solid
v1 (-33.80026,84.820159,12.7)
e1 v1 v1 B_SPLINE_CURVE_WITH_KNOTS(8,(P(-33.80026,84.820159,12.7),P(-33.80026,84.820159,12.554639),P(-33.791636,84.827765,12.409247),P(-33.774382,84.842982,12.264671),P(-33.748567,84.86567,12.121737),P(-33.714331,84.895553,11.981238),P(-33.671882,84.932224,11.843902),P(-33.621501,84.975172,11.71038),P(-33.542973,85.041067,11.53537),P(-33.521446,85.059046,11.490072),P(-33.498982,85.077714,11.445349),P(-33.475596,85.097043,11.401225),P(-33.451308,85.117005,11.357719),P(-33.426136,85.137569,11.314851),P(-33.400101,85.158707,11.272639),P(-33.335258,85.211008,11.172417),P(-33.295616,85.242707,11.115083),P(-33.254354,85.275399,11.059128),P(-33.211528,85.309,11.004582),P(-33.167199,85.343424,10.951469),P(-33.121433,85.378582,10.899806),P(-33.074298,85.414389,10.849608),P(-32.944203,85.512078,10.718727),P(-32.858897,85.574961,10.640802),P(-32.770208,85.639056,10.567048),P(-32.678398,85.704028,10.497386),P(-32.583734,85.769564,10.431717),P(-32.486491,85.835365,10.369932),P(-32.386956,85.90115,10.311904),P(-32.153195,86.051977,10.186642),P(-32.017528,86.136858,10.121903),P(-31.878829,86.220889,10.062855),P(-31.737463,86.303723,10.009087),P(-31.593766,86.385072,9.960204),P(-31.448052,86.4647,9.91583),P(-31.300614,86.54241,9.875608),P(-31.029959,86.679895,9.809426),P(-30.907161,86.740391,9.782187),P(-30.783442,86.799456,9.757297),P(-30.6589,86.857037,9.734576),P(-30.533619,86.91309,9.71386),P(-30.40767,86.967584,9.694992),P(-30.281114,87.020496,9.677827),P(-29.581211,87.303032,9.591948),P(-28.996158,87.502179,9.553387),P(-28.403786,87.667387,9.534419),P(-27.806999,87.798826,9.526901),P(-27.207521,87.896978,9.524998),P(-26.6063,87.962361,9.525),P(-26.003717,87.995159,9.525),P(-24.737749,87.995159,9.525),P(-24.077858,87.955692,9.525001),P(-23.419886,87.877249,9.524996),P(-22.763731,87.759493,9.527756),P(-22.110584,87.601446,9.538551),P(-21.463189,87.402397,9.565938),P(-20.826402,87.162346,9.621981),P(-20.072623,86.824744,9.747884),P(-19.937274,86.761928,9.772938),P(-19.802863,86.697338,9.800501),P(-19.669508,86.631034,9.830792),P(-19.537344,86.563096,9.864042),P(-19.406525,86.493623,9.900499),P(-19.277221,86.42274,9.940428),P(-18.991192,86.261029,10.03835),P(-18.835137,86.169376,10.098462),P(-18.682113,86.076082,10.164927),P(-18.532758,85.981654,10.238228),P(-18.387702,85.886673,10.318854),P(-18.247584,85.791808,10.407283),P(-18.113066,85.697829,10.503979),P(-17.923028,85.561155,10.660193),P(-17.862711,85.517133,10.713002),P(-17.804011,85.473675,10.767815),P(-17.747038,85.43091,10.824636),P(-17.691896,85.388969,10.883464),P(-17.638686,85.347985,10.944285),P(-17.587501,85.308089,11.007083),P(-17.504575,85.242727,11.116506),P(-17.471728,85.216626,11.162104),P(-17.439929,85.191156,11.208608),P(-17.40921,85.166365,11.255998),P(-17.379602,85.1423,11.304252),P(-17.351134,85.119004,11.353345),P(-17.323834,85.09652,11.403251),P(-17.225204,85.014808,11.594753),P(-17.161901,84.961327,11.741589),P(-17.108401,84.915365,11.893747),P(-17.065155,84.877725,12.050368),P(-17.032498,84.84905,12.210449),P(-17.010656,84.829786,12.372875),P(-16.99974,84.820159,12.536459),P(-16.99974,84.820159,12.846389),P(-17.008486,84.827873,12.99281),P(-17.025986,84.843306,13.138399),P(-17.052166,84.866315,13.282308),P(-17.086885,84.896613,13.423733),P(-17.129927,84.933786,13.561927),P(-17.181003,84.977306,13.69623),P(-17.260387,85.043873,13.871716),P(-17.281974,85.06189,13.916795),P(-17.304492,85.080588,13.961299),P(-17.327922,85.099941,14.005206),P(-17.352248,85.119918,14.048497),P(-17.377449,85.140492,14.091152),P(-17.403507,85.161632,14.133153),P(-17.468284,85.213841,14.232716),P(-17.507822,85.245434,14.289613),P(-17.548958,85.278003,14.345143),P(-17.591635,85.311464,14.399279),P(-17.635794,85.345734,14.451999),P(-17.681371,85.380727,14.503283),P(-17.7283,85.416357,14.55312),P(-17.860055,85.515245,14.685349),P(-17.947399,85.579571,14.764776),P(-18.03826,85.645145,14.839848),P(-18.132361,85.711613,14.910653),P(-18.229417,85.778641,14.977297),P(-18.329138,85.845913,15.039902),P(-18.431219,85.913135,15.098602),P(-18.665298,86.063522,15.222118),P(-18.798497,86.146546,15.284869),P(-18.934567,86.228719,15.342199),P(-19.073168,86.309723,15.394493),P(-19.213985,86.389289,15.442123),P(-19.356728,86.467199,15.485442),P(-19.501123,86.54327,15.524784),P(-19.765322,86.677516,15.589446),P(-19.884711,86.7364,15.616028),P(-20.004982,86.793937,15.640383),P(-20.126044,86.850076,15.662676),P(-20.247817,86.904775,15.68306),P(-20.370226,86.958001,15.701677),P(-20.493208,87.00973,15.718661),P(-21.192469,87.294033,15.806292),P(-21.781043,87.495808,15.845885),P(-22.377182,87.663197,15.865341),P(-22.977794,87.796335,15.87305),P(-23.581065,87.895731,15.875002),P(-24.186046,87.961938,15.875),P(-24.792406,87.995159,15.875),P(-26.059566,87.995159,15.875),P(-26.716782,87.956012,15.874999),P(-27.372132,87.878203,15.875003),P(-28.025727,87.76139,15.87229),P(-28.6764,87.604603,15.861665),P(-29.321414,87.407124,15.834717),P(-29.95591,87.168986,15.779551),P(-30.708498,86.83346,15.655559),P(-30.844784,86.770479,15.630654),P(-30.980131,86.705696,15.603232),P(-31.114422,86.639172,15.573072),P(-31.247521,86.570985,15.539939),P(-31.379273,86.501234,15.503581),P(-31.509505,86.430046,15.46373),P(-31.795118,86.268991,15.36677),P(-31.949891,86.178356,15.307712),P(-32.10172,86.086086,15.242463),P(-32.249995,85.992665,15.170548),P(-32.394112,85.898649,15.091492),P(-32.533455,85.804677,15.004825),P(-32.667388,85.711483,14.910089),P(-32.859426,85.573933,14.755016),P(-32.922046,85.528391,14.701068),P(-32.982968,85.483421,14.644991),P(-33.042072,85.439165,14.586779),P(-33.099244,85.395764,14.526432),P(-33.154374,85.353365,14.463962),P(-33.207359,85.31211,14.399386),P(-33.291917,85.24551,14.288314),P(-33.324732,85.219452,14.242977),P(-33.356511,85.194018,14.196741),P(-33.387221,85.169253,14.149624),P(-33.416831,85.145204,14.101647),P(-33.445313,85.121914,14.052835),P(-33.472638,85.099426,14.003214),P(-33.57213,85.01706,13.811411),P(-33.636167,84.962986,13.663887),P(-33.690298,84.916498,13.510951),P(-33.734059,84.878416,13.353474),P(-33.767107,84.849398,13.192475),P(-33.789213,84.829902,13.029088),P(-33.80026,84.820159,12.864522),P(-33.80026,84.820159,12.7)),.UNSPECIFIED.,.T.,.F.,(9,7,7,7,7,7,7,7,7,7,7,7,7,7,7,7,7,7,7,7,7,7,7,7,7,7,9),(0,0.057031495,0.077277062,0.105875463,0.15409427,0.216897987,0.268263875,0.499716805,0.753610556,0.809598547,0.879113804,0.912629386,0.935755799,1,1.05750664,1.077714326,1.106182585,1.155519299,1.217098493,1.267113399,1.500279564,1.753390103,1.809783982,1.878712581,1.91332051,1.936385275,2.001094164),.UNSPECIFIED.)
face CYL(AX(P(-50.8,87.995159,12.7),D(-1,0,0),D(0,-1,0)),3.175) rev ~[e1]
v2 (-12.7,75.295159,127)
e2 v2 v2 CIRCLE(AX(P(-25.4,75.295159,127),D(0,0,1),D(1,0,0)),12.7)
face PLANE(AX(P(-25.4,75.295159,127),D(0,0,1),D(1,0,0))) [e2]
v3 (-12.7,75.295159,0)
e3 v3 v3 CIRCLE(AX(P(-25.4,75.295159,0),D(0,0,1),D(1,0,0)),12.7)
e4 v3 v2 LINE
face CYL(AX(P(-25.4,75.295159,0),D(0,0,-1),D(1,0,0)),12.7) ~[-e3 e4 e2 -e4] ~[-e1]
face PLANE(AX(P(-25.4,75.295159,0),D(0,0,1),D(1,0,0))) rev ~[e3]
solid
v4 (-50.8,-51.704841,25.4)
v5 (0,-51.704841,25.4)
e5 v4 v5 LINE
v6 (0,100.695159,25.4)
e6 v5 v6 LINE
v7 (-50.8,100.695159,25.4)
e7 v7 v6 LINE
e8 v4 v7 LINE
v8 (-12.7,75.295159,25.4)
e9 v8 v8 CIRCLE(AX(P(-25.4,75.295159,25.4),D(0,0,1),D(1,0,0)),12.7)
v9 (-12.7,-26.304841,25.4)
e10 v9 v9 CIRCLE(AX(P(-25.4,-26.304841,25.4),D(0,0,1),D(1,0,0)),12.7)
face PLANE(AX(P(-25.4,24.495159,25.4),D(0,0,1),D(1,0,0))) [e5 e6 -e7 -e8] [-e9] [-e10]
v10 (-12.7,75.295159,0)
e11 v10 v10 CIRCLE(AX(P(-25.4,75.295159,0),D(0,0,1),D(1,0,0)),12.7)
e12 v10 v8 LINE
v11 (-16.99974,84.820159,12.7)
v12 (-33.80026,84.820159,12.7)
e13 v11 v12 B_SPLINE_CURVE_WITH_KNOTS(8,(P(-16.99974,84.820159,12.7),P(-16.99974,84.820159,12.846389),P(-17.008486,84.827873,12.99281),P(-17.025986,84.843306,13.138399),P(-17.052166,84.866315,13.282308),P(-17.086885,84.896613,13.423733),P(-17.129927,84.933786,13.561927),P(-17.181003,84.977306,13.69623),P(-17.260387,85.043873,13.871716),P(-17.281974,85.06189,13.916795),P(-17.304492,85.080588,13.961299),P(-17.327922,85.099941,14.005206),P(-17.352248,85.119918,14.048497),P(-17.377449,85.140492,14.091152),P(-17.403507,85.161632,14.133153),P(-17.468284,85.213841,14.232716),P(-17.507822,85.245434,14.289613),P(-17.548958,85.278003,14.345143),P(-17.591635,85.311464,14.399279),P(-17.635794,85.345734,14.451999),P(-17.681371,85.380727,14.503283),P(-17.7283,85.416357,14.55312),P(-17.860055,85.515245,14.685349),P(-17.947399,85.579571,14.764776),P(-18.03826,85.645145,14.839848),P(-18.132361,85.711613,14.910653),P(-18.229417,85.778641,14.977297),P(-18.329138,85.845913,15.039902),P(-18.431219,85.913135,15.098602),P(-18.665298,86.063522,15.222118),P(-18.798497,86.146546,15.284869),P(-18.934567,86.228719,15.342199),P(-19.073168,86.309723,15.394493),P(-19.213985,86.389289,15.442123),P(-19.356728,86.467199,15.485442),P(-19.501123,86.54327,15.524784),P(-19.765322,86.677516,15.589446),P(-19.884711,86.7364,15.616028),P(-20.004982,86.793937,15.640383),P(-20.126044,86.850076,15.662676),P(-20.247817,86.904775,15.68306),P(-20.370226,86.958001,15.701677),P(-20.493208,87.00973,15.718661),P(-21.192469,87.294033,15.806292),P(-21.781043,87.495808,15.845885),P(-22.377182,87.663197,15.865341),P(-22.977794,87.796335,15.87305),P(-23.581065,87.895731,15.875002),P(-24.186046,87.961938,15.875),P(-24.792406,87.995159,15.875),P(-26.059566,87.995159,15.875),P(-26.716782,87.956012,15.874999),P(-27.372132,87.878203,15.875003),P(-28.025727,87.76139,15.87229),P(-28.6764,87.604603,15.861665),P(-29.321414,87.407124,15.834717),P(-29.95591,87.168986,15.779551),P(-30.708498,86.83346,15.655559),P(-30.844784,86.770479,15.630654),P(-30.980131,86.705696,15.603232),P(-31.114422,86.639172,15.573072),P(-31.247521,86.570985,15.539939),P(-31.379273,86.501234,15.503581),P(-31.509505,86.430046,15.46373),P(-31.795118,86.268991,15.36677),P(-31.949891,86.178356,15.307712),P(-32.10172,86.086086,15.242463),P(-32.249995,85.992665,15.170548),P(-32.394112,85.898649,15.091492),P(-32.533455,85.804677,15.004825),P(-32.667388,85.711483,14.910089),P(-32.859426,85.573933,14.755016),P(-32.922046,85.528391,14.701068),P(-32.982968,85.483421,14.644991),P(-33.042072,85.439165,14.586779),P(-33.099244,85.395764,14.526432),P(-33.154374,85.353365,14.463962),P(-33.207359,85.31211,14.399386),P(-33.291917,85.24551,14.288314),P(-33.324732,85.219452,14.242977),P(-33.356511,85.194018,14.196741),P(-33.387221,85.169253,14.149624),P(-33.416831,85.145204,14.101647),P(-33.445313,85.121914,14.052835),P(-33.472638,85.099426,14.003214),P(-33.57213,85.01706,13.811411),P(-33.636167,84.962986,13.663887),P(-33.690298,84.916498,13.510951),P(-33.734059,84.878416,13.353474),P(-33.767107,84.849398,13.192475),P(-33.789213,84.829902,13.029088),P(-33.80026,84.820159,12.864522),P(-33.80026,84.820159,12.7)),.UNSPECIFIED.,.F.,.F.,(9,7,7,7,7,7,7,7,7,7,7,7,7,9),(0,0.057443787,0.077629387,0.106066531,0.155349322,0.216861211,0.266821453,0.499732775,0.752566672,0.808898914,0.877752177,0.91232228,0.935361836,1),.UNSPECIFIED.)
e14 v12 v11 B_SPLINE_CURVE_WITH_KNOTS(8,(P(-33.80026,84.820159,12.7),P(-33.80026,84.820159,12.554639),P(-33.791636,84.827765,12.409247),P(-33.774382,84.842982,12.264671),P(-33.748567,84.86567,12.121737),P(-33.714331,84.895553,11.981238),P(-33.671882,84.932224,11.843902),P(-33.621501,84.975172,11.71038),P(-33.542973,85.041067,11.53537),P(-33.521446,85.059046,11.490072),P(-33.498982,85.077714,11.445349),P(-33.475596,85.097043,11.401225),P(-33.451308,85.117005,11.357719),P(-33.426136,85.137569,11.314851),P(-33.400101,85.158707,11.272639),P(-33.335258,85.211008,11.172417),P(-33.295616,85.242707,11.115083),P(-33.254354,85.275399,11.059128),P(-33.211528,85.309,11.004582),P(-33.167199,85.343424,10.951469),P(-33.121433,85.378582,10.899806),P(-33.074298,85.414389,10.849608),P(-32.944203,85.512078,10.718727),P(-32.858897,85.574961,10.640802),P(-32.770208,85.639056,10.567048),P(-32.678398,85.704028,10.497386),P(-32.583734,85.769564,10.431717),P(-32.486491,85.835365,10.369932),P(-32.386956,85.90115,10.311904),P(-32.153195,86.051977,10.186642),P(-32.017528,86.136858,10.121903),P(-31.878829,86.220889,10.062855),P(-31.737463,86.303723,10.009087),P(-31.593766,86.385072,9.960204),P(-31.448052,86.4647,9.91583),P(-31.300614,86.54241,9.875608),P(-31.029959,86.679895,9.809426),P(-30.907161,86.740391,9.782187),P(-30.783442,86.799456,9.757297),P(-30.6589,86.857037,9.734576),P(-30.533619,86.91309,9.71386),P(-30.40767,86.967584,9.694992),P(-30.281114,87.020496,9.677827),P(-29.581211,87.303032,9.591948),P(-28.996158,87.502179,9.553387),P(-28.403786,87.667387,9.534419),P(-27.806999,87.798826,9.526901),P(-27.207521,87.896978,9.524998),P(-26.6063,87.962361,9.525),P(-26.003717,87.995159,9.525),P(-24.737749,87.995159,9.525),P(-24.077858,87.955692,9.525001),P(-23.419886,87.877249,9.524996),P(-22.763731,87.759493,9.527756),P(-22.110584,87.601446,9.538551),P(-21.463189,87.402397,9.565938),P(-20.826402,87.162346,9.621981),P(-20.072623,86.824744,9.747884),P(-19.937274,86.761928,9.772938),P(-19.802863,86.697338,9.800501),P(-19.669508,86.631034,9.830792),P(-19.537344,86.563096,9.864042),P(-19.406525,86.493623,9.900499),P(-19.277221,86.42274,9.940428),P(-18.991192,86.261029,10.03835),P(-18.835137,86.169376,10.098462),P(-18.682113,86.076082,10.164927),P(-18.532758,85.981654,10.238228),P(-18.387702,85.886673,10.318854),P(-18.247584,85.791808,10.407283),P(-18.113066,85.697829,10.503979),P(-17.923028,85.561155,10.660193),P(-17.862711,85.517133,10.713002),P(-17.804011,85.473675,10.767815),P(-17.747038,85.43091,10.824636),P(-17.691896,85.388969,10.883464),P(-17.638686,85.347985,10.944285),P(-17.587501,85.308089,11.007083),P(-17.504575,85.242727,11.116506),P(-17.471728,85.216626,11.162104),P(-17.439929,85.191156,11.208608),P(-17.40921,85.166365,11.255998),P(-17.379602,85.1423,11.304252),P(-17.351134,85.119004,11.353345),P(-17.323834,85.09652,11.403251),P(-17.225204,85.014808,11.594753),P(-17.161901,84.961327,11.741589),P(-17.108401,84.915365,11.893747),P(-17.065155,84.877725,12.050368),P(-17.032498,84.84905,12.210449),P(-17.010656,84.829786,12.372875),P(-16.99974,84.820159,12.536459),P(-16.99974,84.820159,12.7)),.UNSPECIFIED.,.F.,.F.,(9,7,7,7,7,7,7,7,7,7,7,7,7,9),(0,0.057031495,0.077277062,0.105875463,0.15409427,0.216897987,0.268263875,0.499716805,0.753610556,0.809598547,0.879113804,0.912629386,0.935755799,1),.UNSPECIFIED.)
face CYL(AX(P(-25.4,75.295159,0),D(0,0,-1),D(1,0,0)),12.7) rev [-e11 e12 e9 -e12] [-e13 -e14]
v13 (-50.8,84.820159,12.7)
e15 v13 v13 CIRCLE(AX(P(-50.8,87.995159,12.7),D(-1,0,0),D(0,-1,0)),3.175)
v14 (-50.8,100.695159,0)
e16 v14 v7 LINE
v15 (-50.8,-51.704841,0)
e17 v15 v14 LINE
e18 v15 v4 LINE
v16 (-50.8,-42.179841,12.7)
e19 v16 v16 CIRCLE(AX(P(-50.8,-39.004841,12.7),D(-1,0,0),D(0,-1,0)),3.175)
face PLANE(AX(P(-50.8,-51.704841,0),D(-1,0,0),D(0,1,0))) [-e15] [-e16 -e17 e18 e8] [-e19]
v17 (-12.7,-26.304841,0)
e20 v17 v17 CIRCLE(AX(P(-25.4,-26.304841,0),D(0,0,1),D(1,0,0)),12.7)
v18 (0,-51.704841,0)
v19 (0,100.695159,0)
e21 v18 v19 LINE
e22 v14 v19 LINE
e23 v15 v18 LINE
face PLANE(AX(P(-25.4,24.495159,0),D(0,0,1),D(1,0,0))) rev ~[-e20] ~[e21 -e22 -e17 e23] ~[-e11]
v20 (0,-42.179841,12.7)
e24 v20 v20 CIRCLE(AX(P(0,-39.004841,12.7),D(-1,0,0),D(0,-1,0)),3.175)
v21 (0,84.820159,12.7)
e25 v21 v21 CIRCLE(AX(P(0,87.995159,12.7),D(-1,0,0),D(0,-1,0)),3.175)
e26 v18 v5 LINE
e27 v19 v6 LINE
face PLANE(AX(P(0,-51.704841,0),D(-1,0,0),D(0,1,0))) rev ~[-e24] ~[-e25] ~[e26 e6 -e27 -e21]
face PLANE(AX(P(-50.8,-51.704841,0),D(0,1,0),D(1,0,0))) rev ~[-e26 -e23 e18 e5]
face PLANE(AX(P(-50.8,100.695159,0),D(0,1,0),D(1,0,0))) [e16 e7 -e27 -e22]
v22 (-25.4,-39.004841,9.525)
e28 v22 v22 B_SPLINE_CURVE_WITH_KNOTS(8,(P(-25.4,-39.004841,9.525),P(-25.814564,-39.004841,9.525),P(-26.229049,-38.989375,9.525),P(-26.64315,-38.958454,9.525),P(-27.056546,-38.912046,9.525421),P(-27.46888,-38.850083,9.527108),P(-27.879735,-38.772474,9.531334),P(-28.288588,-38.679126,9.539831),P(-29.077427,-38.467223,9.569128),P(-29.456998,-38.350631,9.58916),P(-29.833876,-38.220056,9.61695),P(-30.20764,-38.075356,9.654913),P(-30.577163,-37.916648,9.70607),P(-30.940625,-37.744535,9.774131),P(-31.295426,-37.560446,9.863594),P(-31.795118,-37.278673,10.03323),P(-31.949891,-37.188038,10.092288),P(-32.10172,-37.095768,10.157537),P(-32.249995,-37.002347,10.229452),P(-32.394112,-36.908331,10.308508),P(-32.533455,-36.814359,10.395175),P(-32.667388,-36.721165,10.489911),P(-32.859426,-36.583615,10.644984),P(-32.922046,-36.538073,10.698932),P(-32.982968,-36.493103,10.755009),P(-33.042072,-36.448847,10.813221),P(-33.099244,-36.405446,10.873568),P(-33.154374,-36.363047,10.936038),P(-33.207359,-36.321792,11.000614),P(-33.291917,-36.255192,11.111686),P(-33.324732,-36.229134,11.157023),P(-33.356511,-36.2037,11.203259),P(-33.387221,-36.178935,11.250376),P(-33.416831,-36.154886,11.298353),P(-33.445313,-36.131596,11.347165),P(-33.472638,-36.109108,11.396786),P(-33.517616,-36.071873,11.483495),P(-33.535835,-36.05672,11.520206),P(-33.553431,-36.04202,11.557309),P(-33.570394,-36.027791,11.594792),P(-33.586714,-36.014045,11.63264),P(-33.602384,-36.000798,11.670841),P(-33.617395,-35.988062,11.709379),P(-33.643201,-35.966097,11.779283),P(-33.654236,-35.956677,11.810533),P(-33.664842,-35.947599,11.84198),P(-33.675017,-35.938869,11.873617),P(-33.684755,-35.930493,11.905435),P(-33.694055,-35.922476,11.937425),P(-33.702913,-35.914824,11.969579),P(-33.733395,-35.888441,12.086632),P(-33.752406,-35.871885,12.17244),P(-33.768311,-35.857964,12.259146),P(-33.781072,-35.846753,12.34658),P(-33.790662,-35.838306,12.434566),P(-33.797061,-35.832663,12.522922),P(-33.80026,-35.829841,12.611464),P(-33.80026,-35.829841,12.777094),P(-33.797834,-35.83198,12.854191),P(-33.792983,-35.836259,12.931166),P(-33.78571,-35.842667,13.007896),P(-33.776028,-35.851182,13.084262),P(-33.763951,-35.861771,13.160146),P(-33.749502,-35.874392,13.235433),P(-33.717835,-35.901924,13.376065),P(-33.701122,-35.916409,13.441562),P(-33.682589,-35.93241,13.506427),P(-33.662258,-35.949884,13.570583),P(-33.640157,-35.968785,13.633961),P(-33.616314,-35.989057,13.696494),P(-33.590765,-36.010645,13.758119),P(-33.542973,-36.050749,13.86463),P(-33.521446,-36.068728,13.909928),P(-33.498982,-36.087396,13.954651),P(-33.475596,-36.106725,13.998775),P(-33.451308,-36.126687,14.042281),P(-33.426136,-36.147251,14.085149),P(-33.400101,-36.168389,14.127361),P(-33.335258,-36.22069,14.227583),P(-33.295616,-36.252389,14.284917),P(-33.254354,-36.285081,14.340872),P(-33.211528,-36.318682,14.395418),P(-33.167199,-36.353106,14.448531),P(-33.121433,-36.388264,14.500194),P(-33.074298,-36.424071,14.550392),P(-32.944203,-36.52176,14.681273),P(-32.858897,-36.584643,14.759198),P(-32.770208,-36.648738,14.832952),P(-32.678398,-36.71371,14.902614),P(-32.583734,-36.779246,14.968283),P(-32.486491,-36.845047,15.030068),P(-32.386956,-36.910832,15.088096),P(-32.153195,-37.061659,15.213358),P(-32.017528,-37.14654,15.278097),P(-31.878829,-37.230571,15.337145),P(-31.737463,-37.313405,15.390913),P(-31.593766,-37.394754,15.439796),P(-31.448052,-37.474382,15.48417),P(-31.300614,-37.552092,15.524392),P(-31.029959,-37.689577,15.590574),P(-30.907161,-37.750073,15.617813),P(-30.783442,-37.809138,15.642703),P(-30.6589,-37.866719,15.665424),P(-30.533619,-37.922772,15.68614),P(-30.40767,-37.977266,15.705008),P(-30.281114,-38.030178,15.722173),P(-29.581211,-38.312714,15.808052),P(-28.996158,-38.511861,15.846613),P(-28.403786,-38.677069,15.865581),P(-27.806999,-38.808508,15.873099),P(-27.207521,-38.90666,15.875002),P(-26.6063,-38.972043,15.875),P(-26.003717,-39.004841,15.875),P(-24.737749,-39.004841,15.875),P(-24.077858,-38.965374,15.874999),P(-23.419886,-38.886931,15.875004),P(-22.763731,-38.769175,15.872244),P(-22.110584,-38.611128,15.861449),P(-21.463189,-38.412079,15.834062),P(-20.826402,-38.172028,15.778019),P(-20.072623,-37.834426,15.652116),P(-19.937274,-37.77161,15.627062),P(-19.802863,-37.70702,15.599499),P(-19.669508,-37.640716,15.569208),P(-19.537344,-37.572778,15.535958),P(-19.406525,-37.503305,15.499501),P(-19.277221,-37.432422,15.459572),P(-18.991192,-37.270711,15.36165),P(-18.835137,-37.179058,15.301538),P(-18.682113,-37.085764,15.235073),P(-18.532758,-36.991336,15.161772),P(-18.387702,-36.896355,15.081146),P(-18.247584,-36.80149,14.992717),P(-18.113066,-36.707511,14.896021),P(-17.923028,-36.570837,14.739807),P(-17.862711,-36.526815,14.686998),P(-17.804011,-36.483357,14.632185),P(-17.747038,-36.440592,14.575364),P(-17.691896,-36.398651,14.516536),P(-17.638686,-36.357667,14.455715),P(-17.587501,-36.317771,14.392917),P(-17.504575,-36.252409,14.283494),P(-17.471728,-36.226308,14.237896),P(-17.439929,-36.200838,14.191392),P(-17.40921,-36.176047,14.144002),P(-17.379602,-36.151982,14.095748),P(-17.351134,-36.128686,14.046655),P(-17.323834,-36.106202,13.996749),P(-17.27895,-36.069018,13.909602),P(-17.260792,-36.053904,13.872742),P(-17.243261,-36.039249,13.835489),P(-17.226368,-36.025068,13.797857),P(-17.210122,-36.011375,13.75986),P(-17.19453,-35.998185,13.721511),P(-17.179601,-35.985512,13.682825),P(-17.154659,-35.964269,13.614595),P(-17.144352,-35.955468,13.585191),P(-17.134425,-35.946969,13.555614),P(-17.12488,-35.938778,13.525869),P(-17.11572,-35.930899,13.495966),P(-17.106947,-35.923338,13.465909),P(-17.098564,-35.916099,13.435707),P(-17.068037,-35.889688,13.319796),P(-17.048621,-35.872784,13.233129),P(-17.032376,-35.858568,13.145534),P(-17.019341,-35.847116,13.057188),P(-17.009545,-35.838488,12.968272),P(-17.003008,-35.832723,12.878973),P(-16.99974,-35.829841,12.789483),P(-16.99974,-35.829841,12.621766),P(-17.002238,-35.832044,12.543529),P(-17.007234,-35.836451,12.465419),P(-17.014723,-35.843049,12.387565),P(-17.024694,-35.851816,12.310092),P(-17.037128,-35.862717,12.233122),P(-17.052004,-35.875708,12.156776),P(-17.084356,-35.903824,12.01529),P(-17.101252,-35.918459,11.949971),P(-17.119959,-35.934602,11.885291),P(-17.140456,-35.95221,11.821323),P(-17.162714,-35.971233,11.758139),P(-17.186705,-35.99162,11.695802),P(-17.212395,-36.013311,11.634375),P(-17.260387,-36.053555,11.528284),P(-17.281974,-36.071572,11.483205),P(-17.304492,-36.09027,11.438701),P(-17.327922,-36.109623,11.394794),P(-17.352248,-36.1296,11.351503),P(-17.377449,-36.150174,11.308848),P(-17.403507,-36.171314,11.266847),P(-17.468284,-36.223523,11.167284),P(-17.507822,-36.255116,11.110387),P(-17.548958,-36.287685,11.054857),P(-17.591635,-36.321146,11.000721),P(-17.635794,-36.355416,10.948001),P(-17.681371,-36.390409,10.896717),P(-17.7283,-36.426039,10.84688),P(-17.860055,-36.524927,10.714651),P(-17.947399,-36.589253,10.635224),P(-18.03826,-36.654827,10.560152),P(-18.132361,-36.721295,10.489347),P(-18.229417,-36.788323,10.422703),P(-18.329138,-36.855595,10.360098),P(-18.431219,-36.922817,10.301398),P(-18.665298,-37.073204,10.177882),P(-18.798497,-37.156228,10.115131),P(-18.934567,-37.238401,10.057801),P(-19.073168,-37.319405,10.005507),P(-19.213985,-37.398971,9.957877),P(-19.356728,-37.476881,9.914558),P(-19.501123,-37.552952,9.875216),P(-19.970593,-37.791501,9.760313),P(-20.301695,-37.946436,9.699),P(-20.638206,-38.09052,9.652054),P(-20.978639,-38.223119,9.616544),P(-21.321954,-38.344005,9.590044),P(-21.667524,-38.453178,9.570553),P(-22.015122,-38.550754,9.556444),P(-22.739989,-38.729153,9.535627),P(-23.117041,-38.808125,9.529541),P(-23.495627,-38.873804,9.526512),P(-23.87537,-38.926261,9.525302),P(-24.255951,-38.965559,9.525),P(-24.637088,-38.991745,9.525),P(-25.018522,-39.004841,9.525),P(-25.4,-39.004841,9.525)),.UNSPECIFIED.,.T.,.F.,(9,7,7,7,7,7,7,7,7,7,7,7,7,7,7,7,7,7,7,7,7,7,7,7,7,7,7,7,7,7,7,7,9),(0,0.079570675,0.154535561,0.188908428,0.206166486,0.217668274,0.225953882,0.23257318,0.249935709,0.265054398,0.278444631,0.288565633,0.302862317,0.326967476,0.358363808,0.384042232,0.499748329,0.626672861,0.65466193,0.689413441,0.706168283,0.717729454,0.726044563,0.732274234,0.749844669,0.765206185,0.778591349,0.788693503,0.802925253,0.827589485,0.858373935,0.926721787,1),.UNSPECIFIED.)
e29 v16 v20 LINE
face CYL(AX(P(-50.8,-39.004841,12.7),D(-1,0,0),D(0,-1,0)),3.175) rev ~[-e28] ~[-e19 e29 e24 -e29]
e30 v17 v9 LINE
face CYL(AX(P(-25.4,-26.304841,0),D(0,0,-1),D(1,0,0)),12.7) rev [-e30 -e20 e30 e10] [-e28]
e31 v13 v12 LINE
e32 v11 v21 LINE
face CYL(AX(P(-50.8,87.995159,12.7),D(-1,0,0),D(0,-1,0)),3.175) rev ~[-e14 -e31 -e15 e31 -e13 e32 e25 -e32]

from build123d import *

# Parameters (mm, degrees)
F0_R     = 12.7
F1_DEPTH = 127
F0_W     = 50.8
F0_H     = 152.4
F2_DEPTH = 25.4
F3_R     = 3.175
F4_DEPTH = 50.801


with BuildPart() as f1:
    # F0 (on Top) → F1 (new body)
    with BuildSketch(Plane.XY):
        with Locations((-25.4, 75.295159)):
            Circle(F0_R)
    extrude(amount=F1_DEPTH)


with BuildPart() as f2:
    # F0 (on Top) → F2 (new body)
    with BuildSketch(Plane.XY):
        with Locations((-25.4, 24.495159)):
            Rectangle(F0_W, F0_H)
        with Locations((-25.4, -26.304841)):
            Circle(F0_R, mode=Mode.SUBTRACT)
        with Locations((-25.4, 75.295159)):
            Circle(F0_R, mode=Mode.SUBTRACT)
    extrude(amount=F2_DEPTH)


with BuildPart() as f4_tool:
    # F3 (on face) → F4 (new body, through all)
    with BuildSketch(Plane(origin=(-50.8, 0, 0), x_dir=(0, -1, 0), z_dir=(-1, 0, 0))):
        with Locations((-87.995159, 12.7)):
            Circle(F3_R)
        with Locations((39.004841, 12.7)):
            Circle(F3_R)
    extrude(amount=-F4_DEPTH)


with BuildPart() as f1_1:
    add(f1.part)

    # F4: cut by f4_tool
    add(f4_tool.part, mode=Mode.SUBTRACT)


with BuildPart() as f2_1:
    add(f2.part)

    # F4: cut by f4_tool
    add(f4_tool.part, mode=Mode.SUBTRACT)


solid = Compound([f1_1.part, f2_1.part])
